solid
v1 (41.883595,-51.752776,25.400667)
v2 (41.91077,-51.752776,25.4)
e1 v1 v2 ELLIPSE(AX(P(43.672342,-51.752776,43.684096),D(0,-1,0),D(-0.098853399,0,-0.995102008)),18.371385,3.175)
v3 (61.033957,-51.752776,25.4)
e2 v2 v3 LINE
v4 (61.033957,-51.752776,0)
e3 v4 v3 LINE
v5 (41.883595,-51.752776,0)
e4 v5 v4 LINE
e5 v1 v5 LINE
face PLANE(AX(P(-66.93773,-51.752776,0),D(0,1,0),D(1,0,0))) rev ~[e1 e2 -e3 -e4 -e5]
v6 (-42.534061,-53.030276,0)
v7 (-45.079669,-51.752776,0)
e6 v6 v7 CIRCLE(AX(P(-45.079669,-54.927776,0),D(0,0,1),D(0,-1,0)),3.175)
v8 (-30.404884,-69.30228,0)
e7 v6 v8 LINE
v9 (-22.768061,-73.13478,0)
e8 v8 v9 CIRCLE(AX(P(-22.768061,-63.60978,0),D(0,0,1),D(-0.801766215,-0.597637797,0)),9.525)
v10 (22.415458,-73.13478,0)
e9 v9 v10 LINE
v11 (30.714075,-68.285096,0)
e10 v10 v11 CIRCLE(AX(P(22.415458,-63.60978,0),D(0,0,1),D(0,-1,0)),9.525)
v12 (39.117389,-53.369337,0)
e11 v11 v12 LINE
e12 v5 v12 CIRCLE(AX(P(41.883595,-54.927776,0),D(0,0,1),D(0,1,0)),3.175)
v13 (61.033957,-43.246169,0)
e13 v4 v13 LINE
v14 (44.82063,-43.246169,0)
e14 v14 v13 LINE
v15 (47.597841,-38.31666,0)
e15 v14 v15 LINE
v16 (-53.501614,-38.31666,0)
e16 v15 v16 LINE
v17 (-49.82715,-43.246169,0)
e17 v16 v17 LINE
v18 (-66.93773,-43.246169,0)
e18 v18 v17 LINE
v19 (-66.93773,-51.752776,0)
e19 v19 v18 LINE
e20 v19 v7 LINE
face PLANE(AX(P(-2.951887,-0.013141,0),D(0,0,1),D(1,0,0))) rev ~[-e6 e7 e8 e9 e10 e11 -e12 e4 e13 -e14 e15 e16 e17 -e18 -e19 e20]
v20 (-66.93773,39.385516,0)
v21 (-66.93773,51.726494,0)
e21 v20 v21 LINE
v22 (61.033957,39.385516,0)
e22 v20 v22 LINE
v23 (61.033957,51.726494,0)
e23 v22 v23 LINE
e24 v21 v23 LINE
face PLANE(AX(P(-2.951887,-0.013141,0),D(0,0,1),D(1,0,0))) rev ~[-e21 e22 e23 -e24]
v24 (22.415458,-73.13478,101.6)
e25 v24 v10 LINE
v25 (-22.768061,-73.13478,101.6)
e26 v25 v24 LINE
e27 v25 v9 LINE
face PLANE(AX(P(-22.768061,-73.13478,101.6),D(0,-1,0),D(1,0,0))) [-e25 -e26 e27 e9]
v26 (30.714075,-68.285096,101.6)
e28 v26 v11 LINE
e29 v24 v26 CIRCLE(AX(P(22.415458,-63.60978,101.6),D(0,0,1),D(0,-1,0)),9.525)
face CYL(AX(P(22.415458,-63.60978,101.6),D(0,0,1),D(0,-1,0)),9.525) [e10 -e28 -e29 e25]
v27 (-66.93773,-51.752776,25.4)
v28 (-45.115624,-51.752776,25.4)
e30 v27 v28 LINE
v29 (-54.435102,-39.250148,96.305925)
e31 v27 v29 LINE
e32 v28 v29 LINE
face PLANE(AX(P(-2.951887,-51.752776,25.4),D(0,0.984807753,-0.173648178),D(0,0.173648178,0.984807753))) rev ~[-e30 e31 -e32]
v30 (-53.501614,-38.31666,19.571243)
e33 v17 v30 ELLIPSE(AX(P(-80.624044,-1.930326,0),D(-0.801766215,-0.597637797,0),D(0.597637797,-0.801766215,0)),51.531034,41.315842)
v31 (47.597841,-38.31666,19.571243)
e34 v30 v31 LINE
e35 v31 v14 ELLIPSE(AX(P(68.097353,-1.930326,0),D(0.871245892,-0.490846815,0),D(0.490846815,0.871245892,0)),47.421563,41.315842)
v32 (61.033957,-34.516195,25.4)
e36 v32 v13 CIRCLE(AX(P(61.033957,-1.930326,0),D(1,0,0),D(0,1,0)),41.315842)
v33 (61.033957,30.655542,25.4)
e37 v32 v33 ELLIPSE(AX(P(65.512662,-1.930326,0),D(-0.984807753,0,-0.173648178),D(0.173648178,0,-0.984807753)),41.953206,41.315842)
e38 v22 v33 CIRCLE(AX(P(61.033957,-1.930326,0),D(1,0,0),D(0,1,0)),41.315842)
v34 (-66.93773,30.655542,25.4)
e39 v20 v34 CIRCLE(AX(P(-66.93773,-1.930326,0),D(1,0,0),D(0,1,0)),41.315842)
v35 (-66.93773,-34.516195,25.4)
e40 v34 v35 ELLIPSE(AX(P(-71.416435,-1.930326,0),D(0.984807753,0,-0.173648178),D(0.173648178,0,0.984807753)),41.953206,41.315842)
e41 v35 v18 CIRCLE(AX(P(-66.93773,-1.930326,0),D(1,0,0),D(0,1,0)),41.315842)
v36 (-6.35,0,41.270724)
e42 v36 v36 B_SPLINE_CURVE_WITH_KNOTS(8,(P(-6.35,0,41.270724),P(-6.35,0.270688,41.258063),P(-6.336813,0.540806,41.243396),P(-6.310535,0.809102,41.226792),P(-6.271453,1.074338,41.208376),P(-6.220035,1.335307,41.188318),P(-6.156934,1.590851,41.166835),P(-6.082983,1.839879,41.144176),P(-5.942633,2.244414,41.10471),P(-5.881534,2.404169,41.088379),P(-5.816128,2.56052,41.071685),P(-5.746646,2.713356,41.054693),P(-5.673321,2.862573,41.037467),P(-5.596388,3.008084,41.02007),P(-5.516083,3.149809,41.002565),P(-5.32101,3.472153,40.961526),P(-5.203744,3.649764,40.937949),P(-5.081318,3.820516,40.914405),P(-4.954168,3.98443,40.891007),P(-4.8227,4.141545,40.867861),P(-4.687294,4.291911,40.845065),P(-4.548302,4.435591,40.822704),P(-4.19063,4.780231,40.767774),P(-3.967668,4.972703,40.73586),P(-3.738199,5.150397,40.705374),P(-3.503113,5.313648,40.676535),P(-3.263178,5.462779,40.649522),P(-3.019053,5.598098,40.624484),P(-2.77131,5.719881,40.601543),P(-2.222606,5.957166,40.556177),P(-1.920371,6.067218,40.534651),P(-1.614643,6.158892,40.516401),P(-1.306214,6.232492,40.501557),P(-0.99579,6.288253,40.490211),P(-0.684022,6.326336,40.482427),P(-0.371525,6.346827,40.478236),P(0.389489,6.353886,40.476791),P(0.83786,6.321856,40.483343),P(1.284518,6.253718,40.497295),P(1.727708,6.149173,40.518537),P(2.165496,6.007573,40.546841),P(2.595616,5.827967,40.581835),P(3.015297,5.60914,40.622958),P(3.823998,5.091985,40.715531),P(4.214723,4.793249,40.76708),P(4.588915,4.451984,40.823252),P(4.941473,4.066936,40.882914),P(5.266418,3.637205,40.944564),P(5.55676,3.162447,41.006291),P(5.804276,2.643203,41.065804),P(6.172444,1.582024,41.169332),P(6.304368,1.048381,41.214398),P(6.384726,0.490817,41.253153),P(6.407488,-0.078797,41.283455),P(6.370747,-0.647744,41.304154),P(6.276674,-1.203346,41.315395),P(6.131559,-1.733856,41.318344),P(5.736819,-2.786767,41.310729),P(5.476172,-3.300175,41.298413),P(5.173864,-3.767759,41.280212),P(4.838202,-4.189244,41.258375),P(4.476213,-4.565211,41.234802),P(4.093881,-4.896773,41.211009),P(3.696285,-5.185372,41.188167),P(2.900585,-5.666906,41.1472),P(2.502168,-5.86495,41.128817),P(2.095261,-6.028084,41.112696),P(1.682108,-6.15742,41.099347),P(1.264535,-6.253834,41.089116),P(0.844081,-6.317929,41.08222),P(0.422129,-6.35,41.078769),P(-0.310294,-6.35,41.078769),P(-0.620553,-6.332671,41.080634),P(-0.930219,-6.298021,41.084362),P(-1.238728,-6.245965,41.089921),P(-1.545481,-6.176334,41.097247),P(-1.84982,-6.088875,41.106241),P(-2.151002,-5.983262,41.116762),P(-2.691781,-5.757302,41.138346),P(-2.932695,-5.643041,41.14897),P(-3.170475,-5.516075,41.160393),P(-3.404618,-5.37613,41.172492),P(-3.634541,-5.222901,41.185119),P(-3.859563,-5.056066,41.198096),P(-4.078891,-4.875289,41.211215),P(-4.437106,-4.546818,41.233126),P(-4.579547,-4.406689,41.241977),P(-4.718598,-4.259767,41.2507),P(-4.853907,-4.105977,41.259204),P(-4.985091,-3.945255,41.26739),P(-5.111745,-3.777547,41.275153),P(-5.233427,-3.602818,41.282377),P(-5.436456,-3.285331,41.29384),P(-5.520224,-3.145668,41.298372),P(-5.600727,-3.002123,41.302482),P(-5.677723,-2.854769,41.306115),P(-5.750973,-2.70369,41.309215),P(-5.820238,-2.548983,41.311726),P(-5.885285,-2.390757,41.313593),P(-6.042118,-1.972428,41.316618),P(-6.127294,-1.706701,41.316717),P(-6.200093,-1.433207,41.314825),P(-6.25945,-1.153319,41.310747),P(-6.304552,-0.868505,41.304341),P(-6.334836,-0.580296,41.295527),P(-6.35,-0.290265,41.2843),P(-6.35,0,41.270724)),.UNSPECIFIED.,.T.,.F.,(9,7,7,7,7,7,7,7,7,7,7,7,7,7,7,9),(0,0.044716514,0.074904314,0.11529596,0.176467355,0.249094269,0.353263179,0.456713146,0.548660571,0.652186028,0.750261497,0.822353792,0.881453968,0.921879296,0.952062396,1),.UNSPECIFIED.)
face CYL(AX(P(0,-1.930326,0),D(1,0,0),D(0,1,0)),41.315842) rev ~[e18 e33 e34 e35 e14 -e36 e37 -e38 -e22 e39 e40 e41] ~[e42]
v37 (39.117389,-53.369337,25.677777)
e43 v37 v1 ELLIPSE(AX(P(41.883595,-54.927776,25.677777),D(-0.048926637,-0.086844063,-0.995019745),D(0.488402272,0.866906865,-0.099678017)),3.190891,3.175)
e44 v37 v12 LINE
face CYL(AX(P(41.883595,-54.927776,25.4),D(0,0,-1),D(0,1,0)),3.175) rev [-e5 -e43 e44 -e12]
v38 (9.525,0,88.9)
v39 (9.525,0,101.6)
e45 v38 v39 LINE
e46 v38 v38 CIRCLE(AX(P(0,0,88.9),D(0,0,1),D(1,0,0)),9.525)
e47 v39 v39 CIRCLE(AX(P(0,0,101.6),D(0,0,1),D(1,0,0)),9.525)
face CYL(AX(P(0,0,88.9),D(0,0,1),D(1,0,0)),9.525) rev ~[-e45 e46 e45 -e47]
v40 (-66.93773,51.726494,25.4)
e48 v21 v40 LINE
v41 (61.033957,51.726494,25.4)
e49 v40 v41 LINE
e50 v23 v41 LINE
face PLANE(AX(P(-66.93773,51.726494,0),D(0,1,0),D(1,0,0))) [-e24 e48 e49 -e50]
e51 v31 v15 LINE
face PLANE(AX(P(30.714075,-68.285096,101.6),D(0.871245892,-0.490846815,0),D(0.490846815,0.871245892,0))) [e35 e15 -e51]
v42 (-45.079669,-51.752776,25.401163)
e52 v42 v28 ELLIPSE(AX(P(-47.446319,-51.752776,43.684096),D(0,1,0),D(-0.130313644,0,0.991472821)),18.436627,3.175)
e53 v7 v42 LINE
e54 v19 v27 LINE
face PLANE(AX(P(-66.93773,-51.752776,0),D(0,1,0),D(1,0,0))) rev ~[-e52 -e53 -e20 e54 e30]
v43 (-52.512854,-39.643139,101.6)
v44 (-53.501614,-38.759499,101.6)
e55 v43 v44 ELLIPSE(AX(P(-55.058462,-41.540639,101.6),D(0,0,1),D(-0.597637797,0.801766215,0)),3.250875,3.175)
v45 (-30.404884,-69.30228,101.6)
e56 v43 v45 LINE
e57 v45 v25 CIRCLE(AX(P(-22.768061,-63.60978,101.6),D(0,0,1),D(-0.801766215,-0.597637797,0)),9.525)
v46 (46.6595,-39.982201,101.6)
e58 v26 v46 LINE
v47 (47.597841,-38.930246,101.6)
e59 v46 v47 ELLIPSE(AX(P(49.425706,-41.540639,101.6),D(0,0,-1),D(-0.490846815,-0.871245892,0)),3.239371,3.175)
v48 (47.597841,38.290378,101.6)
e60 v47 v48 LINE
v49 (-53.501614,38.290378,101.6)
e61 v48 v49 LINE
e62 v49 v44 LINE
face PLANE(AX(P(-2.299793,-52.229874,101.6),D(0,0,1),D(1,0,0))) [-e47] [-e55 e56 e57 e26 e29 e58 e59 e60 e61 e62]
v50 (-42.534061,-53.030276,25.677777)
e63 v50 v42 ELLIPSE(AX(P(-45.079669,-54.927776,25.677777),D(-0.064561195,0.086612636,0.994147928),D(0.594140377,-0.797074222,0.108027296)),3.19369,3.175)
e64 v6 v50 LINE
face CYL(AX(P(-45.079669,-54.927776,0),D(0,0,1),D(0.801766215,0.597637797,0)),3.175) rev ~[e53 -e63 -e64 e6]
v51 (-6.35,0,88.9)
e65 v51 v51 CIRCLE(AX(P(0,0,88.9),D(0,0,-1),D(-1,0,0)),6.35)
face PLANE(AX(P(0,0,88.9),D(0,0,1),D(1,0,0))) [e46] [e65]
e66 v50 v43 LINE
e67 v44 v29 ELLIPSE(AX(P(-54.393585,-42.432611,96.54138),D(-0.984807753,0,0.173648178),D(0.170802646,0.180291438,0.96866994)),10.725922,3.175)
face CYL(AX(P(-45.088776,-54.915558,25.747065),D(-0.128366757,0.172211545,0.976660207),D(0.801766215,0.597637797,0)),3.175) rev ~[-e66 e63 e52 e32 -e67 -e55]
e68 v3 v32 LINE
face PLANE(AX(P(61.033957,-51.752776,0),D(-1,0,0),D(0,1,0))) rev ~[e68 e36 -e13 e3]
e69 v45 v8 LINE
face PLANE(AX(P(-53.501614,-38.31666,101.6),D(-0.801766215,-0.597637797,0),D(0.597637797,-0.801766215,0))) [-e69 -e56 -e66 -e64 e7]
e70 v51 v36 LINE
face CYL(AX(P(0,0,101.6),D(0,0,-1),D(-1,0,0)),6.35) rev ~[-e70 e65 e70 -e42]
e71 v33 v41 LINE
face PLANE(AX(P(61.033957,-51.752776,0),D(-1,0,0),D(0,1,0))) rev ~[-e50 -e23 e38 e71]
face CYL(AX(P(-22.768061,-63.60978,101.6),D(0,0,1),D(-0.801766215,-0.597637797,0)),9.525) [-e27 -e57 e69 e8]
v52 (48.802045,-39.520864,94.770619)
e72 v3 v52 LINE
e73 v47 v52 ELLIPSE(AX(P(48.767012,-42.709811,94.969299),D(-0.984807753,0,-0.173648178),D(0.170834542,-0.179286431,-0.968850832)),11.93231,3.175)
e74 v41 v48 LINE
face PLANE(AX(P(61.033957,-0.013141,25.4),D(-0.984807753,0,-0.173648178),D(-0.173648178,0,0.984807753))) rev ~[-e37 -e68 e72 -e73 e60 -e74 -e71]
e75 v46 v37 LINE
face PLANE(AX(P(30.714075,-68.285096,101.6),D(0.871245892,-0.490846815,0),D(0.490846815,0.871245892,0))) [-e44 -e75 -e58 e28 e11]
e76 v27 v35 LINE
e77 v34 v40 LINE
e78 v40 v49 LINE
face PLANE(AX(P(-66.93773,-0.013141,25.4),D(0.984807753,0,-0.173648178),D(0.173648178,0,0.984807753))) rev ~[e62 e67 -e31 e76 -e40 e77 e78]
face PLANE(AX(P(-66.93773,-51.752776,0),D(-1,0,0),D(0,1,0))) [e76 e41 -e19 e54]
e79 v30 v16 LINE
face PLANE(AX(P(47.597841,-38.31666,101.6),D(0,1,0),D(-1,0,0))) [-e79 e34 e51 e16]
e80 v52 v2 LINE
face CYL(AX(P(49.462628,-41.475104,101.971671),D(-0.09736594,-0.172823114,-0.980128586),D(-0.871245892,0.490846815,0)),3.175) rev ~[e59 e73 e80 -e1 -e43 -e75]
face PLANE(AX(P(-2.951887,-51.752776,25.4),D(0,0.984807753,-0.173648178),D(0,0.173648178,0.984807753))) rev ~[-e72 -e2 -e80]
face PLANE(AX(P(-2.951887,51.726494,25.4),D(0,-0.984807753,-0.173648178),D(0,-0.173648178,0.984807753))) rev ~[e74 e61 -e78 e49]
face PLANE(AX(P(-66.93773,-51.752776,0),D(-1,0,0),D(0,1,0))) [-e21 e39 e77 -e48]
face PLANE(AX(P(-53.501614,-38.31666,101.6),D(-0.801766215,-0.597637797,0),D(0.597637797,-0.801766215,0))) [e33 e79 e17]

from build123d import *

# Parameters (mm, degrees)
F0_W           = 127.9716864228
F0_H           = 103.479269892
F1_DEPTH       = 25.4
F1_FACE_W      = 127.9716864228
F1_FACE_H      = 103.479269892
F1_FACE1_W     = 127.9716864228
F1_FACE1_H     = 103.479269892
F2_DEPTH       = 76.2
F2_TAPER       = 10
F3_R           = 41.3158420999
F4_DEPTH       = 76.2
F6_D           = 12.7
F6_CBORE_D     = 19.05
F6_CBORE_DEPTH = 12.7
F8_DEPTH       = 101.6
F9_R           = 3.175
F10_R          = 3.175


with BuildPart() as f1:
    # F0 (on Top) → F1 (new body)
    with BuildSketch(Plane.XY):
        with Locations((-2.9518865049, -0.0131409615)):
            Rectangle(F0_W, F0_H)
    extrude(amount=F1_DEPTH)

    # F1_face (on face) + F1_face1 (on face) → F2 (join)
    with BuildSketch(Plane(origin=(-2.9518865049, -0.0131409615, 25.4), x_dir=(1, 0, 0), z_dir=(0, 0, 1))):
        Rectangle(F1_FACE_W, F1_FACE_H)
    with BuildSketch(Plane(origin=(-2.9518865049, -0.0131409615, 0), x_dir=(1, 0, 0), z_dir=(0, 0, -1))):
        Rectangle(F1_FACE1_W, F1_FACE1_H)
    extrude(amount=F2_DEPTH, taper=F2_TAPER, dir=(0, 0, 1))

    # F3 (on Right) → F4 (cut, symmetric)
    with BuildSketch(Plane.YZ):
        with Locations((-1.9303264562, 0)):
            Circle(F3_R)
    extrude(amount=F4_DEPTH, both=True, mode=Mode.SUBTRACT)

    # F6 (through all)
    with Locations(Plane.XY.offset(101.6)):
        with Locations((0, 0)):
            CounterBoreHole(F6_D / 2, F6_CBORE_D / 2, F6_CBORE_DEPTH)

    # F7 (on face) → F8 (join)
    with BuildSketch(Plane.XY.offset(101.6)):
        with BuildLine():
            Line((47.5978407765, -38.3166599775), (-53.5016137863, -38.3166599775))
            Line((-53.5016137863, -38.3166599775), (-30.4048839763, -69.3022799435))
            ThreePointArc((-30.4048839763, -69.3022799435), (-27.0403296326, -72.122907664), (-22.7680607757, -73.1347799301))
            Line((-22.7680607757, -73.1347799301), (22.4154582076, -73.1347799301))
            ThreePointArc((22.4154582076, -73.1347799301), (27.2213525546, -71.8334655106), (30.7140753293, -68.2850958411))
            Line((30.7140753293, -68.2850958411), (47.5978407765, -38.3166599775))
        make_face()
    extrude(amount=-F8_DEPTH)

    # F9
    f9_edges = [f1.edges().sort_by_distance(p)[0] for p in [
        (43.812988, -45.034718, 63.5),
        (40.028135, -51.752776, 12.7),
    ]]
    fillet(f9_edges, radius=F9_R)

    # F10
    f10_edges = [f1.edges().sort_by_distance(p)[0] for p in [
        (-48.493963, -45.034718, 63.5),
        (-43.486312, -51.752776, 12.7),
    ]]
    fillet(f10_edges, radius=F10_R)


solid = f1.part
